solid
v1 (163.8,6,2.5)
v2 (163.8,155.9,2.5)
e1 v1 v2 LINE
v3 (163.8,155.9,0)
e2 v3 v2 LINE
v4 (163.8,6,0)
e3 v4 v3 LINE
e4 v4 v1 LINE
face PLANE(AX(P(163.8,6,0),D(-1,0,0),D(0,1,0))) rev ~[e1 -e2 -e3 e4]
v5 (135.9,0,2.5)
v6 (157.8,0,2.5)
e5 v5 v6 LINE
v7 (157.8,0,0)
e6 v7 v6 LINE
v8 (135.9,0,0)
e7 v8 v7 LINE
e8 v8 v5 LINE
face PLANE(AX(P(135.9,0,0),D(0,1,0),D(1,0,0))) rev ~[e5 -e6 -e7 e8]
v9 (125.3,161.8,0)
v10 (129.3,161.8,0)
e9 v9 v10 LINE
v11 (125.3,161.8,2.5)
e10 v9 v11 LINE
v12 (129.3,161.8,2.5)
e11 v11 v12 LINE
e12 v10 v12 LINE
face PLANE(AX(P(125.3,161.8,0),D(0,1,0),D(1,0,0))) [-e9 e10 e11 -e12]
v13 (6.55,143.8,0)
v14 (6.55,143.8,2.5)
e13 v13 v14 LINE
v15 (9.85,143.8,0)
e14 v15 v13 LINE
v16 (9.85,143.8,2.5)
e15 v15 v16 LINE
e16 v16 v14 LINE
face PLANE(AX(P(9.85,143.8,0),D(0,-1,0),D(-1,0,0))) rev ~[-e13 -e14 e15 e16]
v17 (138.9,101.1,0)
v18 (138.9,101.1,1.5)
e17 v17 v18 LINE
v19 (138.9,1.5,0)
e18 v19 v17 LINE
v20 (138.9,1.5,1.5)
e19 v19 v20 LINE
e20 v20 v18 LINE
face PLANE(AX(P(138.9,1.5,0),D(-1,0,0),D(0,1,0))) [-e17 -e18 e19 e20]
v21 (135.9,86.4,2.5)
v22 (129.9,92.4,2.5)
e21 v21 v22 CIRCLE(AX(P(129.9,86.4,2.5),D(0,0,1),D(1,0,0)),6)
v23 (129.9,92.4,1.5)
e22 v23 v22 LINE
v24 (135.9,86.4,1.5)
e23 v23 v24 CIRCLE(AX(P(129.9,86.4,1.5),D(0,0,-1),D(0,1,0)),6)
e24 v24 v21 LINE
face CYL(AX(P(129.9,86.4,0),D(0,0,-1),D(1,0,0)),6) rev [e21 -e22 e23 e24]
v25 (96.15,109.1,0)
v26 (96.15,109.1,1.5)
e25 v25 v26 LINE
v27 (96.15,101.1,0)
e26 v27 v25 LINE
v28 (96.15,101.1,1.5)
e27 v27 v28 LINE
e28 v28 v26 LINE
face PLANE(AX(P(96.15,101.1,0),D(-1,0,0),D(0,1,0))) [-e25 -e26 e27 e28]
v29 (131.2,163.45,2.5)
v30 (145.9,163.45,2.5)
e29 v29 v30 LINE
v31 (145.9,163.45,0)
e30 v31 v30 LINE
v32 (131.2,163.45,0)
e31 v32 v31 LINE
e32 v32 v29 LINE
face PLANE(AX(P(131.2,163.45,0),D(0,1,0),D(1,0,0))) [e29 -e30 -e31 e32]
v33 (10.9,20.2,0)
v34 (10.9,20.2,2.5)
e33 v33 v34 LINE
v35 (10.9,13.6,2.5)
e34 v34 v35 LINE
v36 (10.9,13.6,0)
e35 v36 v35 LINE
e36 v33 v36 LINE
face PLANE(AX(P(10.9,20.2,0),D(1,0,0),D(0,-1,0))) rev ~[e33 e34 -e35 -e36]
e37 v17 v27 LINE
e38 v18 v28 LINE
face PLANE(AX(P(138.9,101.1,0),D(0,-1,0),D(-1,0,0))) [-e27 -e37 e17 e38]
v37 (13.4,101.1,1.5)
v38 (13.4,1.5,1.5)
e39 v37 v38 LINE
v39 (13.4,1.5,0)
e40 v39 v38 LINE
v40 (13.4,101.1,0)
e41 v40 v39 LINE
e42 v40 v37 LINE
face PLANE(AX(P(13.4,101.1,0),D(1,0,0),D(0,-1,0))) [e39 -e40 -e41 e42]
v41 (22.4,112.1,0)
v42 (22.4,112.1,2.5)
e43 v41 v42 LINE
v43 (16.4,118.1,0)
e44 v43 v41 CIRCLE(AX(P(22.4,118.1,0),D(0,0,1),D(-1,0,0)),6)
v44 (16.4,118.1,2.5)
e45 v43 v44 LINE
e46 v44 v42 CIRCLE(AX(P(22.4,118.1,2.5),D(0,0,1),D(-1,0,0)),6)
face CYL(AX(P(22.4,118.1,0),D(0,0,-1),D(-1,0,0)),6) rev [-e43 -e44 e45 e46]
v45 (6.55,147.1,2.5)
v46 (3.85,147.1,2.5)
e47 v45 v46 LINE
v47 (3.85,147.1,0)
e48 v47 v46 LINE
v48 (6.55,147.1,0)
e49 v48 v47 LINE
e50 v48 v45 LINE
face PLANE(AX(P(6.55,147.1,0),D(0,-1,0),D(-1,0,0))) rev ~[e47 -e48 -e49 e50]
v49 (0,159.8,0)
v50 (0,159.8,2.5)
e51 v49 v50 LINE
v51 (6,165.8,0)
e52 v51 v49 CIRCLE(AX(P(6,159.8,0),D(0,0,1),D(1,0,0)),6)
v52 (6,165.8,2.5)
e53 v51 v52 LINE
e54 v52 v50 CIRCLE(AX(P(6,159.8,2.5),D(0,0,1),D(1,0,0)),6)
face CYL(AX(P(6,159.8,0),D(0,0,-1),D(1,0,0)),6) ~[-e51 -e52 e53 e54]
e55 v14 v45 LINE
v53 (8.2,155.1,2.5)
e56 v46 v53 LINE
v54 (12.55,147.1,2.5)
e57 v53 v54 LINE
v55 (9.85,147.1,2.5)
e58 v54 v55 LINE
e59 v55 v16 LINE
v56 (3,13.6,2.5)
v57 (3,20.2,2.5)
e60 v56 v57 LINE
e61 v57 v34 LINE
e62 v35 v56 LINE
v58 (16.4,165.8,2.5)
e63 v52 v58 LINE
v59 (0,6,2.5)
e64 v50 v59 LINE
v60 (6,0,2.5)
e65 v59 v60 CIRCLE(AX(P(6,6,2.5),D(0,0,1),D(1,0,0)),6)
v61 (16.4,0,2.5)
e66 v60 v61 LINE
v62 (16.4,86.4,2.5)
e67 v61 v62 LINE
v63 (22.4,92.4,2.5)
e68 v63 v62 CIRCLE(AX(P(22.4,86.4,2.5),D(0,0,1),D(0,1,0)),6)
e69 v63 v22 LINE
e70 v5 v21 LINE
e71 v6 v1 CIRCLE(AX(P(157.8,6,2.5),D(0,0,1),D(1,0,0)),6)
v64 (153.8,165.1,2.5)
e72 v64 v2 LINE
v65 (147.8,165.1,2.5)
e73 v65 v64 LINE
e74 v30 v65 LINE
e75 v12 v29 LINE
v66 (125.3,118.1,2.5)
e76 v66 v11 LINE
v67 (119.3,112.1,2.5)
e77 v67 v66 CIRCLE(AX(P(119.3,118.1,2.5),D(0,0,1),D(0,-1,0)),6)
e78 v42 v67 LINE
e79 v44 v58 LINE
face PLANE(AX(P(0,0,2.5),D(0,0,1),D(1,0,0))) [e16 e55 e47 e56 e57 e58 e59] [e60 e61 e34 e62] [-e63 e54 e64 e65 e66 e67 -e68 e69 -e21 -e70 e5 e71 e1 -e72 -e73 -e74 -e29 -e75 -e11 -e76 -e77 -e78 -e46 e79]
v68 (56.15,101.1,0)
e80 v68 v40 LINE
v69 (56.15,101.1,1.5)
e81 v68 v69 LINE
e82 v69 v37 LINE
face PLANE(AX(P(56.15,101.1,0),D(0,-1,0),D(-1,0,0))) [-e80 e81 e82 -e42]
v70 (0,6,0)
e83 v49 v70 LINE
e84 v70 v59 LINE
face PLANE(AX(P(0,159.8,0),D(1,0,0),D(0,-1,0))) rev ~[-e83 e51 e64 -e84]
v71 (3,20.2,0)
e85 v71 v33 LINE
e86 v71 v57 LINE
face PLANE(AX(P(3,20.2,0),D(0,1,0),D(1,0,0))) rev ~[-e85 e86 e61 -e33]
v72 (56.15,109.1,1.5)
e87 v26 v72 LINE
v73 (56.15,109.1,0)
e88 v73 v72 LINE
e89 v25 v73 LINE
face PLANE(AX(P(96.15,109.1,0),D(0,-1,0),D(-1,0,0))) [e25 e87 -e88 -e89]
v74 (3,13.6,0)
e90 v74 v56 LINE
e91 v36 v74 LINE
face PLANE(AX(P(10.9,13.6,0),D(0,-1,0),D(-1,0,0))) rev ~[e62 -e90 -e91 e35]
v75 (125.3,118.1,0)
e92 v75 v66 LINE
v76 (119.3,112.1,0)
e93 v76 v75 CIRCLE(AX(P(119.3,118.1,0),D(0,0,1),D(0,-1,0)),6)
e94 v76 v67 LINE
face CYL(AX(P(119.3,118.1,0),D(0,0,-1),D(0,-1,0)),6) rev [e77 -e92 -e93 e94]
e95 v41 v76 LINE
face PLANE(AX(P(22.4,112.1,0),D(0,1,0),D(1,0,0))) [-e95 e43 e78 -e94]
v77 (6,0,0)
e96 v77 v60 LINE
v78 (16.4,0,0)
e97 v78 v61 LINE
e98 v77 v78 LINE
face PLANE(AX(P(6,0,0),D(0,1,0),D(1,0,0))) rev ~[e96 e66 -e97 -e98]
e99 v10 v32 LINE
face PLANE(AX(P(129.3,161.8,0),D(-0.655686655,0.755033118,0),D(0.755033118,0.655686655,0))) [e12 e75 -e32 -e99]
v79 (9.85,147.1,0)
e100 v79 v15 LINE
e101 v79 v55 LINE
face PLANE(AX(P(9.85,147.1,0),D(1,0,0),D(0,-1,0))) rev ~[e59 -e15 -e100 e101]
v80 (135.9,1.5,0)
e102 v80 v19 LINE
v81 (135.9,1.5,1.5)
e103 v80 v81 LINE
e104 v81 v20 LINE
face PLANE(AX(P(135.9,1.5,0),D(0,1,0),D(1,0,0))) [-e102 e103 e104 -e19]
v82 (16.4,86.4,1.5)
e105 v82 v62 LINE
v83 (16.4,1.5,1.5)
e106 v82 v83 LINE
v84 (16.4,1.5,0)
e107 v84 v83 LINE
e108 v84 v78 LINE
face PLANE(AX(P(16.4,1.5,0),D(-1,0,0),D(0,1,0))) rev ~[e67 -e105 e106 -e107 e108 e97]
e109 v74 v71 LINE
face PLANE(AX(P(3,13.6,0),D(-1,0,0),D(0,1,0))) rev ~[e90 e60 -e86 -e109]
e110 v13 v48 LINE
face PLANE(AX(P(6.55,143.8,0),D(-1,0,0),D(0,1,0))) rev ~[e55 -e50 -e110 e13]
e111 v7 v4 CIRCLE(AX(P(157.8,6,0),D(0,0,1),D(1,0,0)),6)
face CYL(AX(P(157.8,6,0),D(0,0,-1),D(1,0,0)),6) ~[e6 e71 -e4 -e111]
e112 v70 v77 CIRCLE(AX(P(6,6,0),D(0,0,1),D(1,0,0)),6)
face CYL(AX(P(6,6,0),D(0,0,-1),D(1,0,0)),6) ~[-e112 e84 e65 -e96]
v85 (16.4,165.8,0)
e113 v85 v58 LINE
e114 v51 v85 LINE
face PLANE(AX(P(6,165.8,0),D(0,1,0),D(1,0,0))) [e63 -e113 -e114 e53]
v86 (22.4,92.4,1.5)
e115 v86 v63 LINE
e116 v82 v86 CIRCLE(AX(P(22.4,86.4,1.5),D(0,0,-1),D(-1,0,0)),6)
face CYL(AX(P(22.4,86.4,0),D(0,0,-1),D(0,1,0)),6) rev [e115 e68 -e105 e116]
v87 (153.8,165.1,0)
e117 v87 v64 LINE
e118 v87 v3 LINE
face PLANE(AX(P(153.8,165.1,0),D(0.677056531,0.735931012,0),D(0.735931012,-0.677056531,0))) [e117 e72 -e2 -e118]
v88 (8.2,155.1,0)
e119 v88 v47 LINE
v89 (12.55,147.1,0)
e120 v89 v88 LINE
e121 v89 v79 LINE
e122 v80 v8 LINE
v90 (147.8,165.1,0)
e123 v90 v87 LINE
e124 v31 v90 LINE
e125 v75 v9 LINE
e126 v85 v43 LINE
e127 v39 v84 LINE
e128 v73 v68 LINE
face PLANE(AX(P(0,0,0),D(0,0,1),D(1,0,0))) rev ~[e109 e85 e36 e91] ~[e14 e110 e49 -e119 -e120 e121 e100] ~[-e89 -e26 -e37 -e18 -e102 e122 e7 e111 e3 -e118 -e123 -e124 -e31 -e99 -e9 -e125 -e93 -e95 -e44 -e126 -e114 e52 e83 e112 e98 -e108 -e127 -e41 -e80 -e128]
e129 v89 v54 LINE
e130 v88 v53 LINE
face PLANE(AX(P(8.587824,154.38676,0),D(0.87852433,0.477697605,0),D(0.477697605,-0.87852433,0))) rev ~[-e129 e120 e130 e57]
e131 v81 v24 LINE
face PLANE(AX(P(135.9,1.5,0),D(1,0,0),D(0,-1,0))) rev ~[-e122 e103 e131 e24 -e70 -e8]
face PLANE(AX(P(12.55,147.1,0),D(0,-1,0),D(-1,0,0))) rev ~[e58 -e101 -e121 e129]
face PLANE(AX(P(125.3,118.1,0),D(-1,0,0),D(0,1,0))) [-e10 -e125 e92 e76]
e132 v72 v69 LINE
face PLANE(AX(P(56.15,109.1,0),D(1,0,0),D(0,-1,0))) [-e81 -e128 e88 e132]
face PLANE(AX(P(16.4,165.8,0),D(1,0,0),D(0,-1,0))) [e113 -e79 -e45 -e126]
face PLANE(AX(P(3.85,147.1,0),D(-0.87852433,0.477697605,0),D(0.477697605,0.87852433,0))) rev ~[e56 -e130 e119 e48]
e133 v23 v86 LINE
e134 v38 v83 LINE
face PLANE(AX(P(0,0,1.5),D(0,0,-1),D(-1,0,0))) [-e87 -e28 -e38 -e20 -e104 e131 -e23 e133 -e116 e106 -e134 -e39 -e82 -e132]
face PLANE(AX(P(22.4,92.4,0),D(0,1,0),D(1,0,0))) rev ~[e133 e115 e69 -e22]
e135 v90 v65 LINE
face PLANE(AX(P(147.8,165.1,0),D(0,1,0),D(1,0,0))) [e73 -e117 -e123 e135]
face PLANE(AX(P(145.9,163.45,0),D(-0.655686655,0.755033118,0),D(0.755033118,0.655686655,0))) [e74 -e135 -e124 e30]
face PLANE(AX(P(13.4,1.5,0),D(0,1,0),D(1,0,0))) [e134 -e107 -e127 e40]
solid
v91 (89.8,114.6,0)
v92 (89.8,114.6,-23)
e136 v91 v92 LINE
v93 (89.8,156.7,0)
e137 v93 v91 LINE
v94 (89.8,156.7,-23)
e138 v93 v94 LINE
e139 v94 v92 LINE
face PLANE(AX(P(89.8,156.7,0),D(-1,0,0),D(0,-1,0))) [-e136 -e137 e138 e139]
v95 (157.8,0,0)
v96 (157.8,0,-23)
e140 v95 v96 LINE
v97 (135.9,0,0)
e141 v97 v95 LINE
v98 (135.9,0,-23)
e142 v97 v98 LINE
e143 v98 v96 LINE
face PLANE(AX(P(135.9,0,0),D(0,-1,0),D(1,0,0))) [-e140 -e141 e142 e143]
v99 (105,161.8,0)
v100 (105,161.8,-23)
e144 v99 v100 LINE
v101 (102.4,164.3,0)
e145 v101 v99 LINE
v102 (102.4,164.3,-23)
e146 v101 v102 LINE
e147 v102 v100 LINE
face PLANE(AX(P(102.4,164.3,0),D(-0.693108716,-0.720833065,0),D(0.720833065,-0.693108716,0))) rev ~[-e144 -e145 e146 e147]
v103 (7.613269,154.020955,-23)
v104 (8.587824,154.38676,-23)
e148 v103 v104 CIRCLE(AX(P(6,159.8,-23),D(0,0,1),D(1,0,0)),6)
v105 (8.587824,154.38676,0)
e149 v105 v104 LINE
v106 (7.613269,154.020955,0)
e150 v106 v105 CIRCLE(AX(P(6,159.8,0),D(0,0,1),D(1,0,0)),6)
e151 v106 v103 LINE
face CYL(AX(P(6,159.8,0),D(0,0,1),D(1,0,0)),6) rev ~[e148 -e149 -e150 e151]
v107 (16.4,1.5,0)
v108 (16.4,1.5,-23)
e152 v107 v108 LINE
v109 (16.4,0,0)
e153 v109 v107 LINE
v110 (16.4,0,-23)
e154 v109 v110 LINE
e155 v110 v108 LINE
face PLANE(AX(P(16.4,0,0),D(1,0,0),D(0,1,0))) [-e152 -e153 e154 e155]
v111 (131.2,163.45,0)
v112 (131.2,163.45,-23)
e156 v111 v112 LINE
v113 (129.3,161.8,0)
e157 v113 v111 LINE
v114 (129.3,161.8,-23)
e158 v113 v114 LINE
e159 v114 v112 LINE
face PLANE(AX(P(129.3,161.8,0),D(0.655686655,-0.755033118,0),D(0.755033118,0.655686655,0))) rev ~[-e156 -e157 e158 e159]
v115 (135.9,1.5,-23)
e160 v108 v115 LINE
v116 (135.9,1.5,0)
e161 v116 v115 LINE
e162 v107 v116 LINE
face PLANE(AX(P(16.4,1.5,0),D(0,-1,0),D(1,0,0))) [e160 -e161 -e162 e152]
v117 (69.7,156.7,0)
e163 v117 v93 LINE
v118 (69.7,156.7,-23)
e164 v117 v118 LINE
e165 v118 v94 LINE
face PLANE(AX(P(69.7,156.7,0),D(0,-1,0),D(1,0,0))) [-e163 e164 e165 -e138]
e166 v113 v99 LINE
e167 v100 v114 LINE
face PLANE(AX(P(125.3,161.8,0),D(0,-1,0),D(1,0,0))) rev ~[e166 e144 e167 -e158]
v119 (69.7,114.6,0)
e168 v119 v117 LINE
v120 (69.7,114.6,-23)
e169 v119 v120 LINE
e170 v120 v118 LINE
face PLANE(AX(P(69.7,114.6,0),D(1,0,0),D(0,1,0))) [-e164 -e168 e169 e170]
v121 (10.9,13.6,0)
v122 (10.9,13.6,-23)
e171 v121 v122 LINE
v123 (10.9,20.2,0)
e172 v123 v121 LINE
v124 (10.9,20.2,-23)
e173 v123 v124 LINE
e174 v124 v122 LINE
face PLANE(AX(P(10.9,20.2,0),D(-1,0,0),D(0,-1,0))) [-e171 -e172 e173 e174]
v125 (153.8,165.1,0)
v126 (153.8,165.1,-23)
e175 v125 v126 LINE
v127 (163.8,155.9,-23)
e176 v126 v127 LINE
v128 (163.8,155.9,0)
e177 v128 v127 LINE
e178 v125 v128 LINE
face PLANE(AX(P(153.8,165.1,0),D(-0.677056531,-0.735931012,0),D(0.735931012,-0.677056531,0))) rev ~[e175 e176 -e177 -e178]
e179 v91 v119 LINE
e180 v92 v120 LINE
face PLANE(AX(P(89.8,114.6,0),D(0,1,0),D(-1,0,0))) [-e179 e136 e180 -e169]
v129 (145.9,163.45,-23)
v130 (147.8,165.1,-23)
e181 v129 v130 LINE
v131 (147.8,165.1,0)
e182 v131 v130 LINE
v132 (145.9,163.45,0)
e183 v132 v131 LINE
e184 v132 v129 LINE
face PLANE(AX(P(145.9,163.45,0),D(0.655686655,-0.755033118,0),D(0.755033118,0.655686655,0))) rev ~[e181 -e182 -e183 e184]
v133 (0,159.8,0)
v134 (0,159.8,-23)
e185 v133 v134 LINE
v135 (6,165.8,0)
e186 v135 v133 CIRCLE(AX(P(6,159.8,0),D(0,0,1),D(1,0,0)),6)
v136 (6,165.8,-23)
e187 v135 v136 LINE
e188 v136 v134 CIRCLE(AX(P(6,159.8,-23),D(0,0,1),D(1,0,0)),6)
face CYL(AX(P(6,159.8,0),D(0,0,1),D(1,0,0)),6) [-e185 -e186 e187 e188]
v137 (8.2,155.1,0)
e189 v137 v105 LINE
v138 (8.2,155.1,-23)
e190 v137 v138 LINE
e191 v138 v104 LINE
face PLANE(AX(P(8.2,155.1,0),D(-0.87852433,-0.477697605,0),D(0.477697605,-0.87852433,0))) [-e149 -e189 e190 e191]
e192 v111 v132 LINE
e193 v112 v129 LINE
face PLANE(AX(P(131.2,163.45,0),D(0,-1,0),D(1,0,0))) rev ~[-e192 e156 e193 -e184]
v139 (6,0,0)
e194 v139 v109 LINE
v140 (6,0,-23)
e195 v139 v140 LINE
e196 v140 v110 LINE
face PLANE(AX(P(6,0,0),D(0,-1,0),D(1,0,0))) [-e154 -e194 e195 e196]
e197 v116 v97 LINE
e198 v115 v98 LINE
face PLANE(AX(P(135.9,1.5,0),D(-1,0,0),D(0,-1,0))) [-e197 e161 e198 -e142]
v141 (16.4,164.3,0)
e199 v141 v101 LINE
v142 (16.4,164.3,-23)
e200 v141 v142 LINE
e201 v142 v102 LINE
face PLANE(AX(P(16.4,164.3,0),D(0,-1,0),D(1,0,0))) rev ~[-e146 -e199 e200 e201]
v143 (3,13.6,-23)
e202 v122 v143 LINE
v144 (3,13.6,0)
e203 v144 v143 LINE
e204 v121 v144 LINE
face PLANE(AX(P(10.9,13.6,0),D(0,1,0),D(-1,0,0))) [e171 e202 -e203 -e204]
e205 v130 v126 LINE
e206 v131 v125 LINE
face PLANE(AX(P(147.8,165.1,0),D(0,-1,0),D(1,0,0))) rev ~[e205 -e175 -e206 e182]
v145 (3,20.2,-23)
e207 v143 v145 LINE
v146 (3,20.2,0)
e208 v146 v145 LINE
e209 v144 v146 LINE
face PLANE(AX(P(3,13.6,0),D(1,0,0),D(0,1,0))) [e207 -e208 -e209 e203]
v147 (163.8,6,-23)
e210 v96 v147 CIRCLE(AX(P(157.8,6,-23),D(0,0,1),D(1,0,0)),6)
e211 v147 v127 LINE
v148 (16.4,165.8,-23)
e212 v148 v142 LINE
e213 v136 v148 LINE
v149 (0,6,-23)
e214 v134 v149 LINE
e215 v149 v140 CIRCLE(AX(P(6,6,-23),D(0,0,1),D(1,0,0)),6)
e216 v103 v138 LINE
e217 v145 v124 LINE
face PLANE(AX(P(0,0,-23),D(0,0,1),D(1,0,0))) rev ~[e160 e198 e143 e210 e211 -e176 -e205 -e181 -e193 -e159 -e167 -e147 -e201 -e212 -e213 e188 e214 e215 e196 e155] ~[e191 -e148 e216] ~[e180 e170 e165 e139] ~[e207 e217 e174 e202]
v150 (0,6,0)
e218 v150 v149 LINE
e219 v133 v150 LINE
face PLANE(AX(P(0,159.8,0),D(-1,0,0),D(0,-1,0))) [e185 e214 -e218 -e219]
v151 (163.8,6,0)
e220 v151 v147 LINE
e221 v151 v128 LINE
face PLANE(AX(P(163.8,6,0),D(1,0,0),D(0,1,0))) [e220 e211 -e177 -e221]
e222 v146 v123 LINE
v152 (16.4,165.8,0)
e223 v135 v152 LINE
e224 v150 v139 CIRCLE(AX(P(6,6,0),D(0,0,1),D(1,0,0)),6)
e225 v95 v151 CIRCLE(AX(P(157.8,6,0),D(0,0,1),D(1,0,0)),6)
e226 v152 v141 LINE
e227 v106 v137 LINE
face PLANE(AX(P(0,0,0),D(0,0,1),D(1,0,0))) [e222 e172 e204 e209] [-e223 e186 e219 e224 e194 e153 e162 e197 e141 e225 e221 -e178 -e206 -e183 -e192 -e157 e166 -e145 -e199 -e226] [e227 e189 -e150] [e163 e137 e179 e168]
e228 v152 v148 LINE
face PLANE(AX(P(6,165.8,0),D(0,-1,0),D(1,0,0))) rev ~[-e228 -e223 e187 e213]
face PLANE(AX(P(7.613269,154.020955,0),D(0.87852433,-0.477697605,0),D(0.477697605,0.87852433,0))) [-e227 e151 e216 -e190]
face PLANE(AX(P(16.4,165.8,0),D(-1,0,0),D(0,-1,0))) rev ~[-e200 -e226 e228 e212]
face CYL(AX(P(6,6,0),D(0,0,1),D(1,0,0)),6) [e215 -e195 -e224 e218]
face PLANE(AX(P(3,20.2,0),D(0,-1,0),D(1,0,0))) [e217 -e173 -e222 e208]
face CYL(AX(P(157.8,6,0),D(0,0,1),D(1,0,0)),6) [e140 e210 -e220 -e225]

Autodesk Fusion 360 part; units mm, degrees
sketch "Sketch Floppy Disk" plane through (0, 0, 0) normal (0, 0, 1) x (1, 0, 0)
  line L0 (163.8, 0) -> (163.8, 155.9)
  line L1 (0, 165.8) -> (0, 0)
  line L2 (0, 165.8) -> (16.4, 165.8)
  line L3 (16.4, 165.8) -> (16.4, 118.1)
  line L4 (22.4, 112.1) -> (119.3, 112.1)
  line L5 (125.3, 118.1) -> (125.3, 161.8)
  line L6 (0, 0) -> (16.4, 0)
  line L7 (16.4, 0) -> (16.4, 86.4)
  line L8 (22.4, 92.4) -> (129.9, 92.4)
  line L9 (135.9, 86.4) -> (135.9, 0)
  line L10 (135.9, 0) -> (163.8, 0)
  line L11 (125.3, 161.8) -> (129.3, 161.8)
  line L12 (129.3, 161.8) -> (131.2, 163.45)
  line L13 (131.2, 163.45) -> (145.9, 163.45)
  line L14 (145.9, 163.45) -> (147.8, 165.1)
  line L15 (147.8, 165.1) -> (153.8, 165.1)
  line L16 (153.8, 165.1) -> (163.8, 155.9)
  line L17 (16.4, 164.3) -> (102.4, 164.3)
  line L18 (102.4, 164.3) -> (105, 161.8)
  line L19 (105, 161.8) -> (125.3, 161.8)
  line L20 (16.4, 1.5) -> (135.9, 1.5)
  line L21 (3, 20.2) -> (10.9, 20.2)
  line L22 (10.9, 20.2) -> (10.9, 13.6)
  line L23 (10.9, 13.6) -> (3, 13.6)
  line L24 (3, 13.6) -> (3, 20.2)
  line L25 (6.55, 143.8) -> (6.55, 147.1)
  line L26 (6.55, 147.1) -> (3.85, 147.1)
  line L27 (3.85, 147.1) -> (8.2, 155.1)
  line L28 (8.2, 155.1) -> (12.55, 147.1)
  line L29 (12.55, 147.1) -> (9.85, 147.1)
  line L30 (9.85, 147.1) -> (9.85, 143.8)
  line L31 (9.85, 143.8) -> (6.55, 143.8)
  line L32 (6.55, 143.8) -> (0, 143.8) construction
  line L33 (9.85, 143.8) -> (16.4, 143.8) construction
  circle A0 centre (157.8, 6) radius 6
  circle A1 centre (6, 6) radius 6
  circle A2 centre (6, 159.8) radius 6
  arc A3 (22.4, 92.4) -> (16.4, 86.4) centre (22.4, 86.4) ccw
  arc A4 (135.9, 86.4) -> (129.9, 92.4) centre (129.9, 86.4) ccw
  line L34 (69.7, 156.7) -> (89.8, 156.7)
  line L35 (89.8, 156.7) -> (89.8, 114.6)
  line L36 (89.8, 114.6) -> (69.7, 114.6)
  line L37 (69.7, 114.6) -> (69.7, 156.7)
  arc A5 (119.3, 112.1) -> (125.3, 118.1) centre (119.3, 118.1) ccw
  arc A6 (16.4, 118.1) -> (22.4, 112.1) centre (22.4, 118.1) ccw
  point P0 (16.4, 112.1)
  point P1 (125.3, 112.1)
  point P2 (16.4, 92.4)
  point P3 (135.9, 92.4)
  dimension "d7" = 16.4
  dimension "d8" = 27.9
  dimension "d9" = 119.5
  dimension "d10" = 108.9
  dimension "d12" = 53.7
  dimension "d13" = 92.4
  dimension "d14" = 14.7
  dimension "d15" = 6
  dimension "d16" = 4
  dimension "d17" = 10
  dimension "d18" = 9.2
  dimension "d19" = 1.5
  dimension "d20" = 165.1
  dimension "d21" = 86
  dimension "d22" = 24.3
  dimension "d23" = 49.7
  dimension "d24" = 1.5
  dimension "d25" = 6.6
  dimension "d26" = 7.9
  dimension "d27" = 13.6
  dimension "d28" = 3
  dimension "d29" = 3.3
  dimension "d30" = 3.3
  dimension "d31" = 2.7
  dimension "d32" = 8
  dimension "d33" = 22
  dimension "d34" = 165.8
  dimension "d37" = 6
  dimension "d38" = 6
  dimension "d39" = 6
  dimension "d40" = 6
  dimension "d41" = 6
  dimension "d54" = 20.1
  dimension "d55" = 42.1
  dimension "d56" = 2.5
  dimension "d57" = 69.7
  dimension "d58" = 6
  dimension "d59" = 6
extrude "Extrude1" add sketch "Sketch Floppy Disk" along normal blind 2.5 contours L0 L1 L2 L3 L4 L5 L6 L7 L8 L9 L10 L11 L12 L13 L14 L15 L16 L25 L26 L27 L28 L29 L30 L31 A0 A1 A2 A3 A4 A5 A6 | A0 | A1 | L27 L28 A2 picked at (4.8212, 161.7351) makes body 1
sketch "Sketch Display Pocket" plane through (0, 0, 0) normal (0, 0, -1) x (-1, 0, 0)
  line L0 (-8.2, 155.1) -> (-3.85, 147.1)
  line L1 (-3.85, 147.1) -> (-6.55, 147.1)
  line L2 (-6.55, 147.1) -> (-6.55, 143.8)
  line L3 (-6.55, 143.8) -> (-9.85, 143.8)
  line L4 (-9.85, 143.8) -> (-9.85, 147.1)
  line L5 (-9.85, 147.1) -> (-12.55, 147.1)
  line L6 (-12.55, 147.1) -> (-8.2, 155.1)
  line L7 (-3, 20.2) -> (-3, 13.6)
  line L8 (-3, 13.6) -> (-10.9, 13.6)
  line L9 (-10.9, 13.6) -> (-10.9, 20.2)
  line L10 (-10.9, 20.2) -> (-3, 20.2)
  arc A0 (-163.8, 6) -> (-157.8, 0) centre (-157.8, 6) ccw
  line L11 (-157.8, 0) -> (-135.9, 0)
  line L12 (-135.9, 0) -> (-135.9, 86.4)
  arc A1 (-129.9, 92.4) -> (-135.9, 86.4) centre (-129.9, 86.4) ccw
  line L13 (-129.9, 92.4) -> (-22.4, 92.4)
  arc A2 (-16.4, 86.4) -> (-22.4, 92.4) centre (-22.4, 86.4) ccw
  line L14 (-16.4, 86.4) -> (-16.4, 0)
  line L15 (-16.4, 0) -> (-6, 0)
  arc A3 (-6, 0) -> (0, 6) centre (-6, 6) ccw
  line L16 (0, 6) -> (0, 159.8)
  arc A4 (0, 159.8) -> (-6, 165.8) centre (-6, 159.8) ccw
  line L17 (-6, 165.8) -> (-16.4, 165.8)
  line L18 (-16.4, 165.8) -> (-16.4, 118.1)
  line L19 (-22.4, 112.1) -> (-119.3, 112.1)
  line L20 (-125.3, 118.1) -> (-125.3, 161.8)
  line L21 (-125.3, 161.8) -> (-129.3, 161.8)
  line L22 (-129.3, 161.8) -> (-131.2, 163.45)
  line L23 (-131.2, 163.45) -> (-145.9, 163.45)
  line L24 (-145.9, 163.45) -> (-147.8, 165.1)
  line L25 (-147.8, 165.1) -> (-153.8, 165.1)
  line L26 (-153.8, 165.1) -> (-163.8, 155.9)
  line L27 (-163.8, 155.9) -> (-163.8, 6)
  line L28 (-138.9, 1.5) -> (-138.9, 101.1)
  line L29 (-138.9, 101.1) -> (-96.15, 101.1)
  line L30 (-96.15, 101.1) -> (-96.15, 109.1)
  line L31 (-96.15, 109.1) -> (-56.15, 109.1)
  line L32 (-56.15, 109.1) -> (-56.15, 101.1)
  line L33 (-56.15, 101.1) -> (-13.4, 101.1)
  line L34 (-13.4, 101.1) -> (-13.4, 1.5)
  line L35 (-13.4, 1.5) -> (-138.9, 1.5)
  arc A5 (-22.4, 112.1) -> (-16.4, 118.1) centre (-22.4, 118.1) ccw
  arc A6 (-125.3, 118.1) -> (-119.3, 112.1) centre (-119.3, 118.1) ccw
  dimension "d46" = 99.6
  dimension "d47" = 125.5
  dimension "d48" = 1.5
  dimension "d49" = 3
  dimension "d50" = 40
  dimension "d51" = 8
extrude "Extrude2" cut sketch "Sketch Display Pocket" against normal blind 1.5 contours L12 A1 L13 A2 L14 L28 L29 L30 L31 L32 L33 L34 L35 bodies 1
extrude "Extrude3" add sketch "Sketch Floppy Disk" against normal blind 23 separate body contours L0 L1 L2 L3 L4 L5 L6 L7 L8 L9 L10 L11 L12 L13 L14 L15 L16 L25 L26 L27 L28 L29 L30 L31 A0 A1 A2 A3 A4 A5 A6 | A0 | L7 L8 L9 L20 A3 A4 | A1 | L3 L4 L5 L17 L18 L19 A5 A6 | L27 L28 A2 | L25 L26 L27 L28 L29 L30 L31 A2 picked at (4.8212, 161.7351) makes body 2
